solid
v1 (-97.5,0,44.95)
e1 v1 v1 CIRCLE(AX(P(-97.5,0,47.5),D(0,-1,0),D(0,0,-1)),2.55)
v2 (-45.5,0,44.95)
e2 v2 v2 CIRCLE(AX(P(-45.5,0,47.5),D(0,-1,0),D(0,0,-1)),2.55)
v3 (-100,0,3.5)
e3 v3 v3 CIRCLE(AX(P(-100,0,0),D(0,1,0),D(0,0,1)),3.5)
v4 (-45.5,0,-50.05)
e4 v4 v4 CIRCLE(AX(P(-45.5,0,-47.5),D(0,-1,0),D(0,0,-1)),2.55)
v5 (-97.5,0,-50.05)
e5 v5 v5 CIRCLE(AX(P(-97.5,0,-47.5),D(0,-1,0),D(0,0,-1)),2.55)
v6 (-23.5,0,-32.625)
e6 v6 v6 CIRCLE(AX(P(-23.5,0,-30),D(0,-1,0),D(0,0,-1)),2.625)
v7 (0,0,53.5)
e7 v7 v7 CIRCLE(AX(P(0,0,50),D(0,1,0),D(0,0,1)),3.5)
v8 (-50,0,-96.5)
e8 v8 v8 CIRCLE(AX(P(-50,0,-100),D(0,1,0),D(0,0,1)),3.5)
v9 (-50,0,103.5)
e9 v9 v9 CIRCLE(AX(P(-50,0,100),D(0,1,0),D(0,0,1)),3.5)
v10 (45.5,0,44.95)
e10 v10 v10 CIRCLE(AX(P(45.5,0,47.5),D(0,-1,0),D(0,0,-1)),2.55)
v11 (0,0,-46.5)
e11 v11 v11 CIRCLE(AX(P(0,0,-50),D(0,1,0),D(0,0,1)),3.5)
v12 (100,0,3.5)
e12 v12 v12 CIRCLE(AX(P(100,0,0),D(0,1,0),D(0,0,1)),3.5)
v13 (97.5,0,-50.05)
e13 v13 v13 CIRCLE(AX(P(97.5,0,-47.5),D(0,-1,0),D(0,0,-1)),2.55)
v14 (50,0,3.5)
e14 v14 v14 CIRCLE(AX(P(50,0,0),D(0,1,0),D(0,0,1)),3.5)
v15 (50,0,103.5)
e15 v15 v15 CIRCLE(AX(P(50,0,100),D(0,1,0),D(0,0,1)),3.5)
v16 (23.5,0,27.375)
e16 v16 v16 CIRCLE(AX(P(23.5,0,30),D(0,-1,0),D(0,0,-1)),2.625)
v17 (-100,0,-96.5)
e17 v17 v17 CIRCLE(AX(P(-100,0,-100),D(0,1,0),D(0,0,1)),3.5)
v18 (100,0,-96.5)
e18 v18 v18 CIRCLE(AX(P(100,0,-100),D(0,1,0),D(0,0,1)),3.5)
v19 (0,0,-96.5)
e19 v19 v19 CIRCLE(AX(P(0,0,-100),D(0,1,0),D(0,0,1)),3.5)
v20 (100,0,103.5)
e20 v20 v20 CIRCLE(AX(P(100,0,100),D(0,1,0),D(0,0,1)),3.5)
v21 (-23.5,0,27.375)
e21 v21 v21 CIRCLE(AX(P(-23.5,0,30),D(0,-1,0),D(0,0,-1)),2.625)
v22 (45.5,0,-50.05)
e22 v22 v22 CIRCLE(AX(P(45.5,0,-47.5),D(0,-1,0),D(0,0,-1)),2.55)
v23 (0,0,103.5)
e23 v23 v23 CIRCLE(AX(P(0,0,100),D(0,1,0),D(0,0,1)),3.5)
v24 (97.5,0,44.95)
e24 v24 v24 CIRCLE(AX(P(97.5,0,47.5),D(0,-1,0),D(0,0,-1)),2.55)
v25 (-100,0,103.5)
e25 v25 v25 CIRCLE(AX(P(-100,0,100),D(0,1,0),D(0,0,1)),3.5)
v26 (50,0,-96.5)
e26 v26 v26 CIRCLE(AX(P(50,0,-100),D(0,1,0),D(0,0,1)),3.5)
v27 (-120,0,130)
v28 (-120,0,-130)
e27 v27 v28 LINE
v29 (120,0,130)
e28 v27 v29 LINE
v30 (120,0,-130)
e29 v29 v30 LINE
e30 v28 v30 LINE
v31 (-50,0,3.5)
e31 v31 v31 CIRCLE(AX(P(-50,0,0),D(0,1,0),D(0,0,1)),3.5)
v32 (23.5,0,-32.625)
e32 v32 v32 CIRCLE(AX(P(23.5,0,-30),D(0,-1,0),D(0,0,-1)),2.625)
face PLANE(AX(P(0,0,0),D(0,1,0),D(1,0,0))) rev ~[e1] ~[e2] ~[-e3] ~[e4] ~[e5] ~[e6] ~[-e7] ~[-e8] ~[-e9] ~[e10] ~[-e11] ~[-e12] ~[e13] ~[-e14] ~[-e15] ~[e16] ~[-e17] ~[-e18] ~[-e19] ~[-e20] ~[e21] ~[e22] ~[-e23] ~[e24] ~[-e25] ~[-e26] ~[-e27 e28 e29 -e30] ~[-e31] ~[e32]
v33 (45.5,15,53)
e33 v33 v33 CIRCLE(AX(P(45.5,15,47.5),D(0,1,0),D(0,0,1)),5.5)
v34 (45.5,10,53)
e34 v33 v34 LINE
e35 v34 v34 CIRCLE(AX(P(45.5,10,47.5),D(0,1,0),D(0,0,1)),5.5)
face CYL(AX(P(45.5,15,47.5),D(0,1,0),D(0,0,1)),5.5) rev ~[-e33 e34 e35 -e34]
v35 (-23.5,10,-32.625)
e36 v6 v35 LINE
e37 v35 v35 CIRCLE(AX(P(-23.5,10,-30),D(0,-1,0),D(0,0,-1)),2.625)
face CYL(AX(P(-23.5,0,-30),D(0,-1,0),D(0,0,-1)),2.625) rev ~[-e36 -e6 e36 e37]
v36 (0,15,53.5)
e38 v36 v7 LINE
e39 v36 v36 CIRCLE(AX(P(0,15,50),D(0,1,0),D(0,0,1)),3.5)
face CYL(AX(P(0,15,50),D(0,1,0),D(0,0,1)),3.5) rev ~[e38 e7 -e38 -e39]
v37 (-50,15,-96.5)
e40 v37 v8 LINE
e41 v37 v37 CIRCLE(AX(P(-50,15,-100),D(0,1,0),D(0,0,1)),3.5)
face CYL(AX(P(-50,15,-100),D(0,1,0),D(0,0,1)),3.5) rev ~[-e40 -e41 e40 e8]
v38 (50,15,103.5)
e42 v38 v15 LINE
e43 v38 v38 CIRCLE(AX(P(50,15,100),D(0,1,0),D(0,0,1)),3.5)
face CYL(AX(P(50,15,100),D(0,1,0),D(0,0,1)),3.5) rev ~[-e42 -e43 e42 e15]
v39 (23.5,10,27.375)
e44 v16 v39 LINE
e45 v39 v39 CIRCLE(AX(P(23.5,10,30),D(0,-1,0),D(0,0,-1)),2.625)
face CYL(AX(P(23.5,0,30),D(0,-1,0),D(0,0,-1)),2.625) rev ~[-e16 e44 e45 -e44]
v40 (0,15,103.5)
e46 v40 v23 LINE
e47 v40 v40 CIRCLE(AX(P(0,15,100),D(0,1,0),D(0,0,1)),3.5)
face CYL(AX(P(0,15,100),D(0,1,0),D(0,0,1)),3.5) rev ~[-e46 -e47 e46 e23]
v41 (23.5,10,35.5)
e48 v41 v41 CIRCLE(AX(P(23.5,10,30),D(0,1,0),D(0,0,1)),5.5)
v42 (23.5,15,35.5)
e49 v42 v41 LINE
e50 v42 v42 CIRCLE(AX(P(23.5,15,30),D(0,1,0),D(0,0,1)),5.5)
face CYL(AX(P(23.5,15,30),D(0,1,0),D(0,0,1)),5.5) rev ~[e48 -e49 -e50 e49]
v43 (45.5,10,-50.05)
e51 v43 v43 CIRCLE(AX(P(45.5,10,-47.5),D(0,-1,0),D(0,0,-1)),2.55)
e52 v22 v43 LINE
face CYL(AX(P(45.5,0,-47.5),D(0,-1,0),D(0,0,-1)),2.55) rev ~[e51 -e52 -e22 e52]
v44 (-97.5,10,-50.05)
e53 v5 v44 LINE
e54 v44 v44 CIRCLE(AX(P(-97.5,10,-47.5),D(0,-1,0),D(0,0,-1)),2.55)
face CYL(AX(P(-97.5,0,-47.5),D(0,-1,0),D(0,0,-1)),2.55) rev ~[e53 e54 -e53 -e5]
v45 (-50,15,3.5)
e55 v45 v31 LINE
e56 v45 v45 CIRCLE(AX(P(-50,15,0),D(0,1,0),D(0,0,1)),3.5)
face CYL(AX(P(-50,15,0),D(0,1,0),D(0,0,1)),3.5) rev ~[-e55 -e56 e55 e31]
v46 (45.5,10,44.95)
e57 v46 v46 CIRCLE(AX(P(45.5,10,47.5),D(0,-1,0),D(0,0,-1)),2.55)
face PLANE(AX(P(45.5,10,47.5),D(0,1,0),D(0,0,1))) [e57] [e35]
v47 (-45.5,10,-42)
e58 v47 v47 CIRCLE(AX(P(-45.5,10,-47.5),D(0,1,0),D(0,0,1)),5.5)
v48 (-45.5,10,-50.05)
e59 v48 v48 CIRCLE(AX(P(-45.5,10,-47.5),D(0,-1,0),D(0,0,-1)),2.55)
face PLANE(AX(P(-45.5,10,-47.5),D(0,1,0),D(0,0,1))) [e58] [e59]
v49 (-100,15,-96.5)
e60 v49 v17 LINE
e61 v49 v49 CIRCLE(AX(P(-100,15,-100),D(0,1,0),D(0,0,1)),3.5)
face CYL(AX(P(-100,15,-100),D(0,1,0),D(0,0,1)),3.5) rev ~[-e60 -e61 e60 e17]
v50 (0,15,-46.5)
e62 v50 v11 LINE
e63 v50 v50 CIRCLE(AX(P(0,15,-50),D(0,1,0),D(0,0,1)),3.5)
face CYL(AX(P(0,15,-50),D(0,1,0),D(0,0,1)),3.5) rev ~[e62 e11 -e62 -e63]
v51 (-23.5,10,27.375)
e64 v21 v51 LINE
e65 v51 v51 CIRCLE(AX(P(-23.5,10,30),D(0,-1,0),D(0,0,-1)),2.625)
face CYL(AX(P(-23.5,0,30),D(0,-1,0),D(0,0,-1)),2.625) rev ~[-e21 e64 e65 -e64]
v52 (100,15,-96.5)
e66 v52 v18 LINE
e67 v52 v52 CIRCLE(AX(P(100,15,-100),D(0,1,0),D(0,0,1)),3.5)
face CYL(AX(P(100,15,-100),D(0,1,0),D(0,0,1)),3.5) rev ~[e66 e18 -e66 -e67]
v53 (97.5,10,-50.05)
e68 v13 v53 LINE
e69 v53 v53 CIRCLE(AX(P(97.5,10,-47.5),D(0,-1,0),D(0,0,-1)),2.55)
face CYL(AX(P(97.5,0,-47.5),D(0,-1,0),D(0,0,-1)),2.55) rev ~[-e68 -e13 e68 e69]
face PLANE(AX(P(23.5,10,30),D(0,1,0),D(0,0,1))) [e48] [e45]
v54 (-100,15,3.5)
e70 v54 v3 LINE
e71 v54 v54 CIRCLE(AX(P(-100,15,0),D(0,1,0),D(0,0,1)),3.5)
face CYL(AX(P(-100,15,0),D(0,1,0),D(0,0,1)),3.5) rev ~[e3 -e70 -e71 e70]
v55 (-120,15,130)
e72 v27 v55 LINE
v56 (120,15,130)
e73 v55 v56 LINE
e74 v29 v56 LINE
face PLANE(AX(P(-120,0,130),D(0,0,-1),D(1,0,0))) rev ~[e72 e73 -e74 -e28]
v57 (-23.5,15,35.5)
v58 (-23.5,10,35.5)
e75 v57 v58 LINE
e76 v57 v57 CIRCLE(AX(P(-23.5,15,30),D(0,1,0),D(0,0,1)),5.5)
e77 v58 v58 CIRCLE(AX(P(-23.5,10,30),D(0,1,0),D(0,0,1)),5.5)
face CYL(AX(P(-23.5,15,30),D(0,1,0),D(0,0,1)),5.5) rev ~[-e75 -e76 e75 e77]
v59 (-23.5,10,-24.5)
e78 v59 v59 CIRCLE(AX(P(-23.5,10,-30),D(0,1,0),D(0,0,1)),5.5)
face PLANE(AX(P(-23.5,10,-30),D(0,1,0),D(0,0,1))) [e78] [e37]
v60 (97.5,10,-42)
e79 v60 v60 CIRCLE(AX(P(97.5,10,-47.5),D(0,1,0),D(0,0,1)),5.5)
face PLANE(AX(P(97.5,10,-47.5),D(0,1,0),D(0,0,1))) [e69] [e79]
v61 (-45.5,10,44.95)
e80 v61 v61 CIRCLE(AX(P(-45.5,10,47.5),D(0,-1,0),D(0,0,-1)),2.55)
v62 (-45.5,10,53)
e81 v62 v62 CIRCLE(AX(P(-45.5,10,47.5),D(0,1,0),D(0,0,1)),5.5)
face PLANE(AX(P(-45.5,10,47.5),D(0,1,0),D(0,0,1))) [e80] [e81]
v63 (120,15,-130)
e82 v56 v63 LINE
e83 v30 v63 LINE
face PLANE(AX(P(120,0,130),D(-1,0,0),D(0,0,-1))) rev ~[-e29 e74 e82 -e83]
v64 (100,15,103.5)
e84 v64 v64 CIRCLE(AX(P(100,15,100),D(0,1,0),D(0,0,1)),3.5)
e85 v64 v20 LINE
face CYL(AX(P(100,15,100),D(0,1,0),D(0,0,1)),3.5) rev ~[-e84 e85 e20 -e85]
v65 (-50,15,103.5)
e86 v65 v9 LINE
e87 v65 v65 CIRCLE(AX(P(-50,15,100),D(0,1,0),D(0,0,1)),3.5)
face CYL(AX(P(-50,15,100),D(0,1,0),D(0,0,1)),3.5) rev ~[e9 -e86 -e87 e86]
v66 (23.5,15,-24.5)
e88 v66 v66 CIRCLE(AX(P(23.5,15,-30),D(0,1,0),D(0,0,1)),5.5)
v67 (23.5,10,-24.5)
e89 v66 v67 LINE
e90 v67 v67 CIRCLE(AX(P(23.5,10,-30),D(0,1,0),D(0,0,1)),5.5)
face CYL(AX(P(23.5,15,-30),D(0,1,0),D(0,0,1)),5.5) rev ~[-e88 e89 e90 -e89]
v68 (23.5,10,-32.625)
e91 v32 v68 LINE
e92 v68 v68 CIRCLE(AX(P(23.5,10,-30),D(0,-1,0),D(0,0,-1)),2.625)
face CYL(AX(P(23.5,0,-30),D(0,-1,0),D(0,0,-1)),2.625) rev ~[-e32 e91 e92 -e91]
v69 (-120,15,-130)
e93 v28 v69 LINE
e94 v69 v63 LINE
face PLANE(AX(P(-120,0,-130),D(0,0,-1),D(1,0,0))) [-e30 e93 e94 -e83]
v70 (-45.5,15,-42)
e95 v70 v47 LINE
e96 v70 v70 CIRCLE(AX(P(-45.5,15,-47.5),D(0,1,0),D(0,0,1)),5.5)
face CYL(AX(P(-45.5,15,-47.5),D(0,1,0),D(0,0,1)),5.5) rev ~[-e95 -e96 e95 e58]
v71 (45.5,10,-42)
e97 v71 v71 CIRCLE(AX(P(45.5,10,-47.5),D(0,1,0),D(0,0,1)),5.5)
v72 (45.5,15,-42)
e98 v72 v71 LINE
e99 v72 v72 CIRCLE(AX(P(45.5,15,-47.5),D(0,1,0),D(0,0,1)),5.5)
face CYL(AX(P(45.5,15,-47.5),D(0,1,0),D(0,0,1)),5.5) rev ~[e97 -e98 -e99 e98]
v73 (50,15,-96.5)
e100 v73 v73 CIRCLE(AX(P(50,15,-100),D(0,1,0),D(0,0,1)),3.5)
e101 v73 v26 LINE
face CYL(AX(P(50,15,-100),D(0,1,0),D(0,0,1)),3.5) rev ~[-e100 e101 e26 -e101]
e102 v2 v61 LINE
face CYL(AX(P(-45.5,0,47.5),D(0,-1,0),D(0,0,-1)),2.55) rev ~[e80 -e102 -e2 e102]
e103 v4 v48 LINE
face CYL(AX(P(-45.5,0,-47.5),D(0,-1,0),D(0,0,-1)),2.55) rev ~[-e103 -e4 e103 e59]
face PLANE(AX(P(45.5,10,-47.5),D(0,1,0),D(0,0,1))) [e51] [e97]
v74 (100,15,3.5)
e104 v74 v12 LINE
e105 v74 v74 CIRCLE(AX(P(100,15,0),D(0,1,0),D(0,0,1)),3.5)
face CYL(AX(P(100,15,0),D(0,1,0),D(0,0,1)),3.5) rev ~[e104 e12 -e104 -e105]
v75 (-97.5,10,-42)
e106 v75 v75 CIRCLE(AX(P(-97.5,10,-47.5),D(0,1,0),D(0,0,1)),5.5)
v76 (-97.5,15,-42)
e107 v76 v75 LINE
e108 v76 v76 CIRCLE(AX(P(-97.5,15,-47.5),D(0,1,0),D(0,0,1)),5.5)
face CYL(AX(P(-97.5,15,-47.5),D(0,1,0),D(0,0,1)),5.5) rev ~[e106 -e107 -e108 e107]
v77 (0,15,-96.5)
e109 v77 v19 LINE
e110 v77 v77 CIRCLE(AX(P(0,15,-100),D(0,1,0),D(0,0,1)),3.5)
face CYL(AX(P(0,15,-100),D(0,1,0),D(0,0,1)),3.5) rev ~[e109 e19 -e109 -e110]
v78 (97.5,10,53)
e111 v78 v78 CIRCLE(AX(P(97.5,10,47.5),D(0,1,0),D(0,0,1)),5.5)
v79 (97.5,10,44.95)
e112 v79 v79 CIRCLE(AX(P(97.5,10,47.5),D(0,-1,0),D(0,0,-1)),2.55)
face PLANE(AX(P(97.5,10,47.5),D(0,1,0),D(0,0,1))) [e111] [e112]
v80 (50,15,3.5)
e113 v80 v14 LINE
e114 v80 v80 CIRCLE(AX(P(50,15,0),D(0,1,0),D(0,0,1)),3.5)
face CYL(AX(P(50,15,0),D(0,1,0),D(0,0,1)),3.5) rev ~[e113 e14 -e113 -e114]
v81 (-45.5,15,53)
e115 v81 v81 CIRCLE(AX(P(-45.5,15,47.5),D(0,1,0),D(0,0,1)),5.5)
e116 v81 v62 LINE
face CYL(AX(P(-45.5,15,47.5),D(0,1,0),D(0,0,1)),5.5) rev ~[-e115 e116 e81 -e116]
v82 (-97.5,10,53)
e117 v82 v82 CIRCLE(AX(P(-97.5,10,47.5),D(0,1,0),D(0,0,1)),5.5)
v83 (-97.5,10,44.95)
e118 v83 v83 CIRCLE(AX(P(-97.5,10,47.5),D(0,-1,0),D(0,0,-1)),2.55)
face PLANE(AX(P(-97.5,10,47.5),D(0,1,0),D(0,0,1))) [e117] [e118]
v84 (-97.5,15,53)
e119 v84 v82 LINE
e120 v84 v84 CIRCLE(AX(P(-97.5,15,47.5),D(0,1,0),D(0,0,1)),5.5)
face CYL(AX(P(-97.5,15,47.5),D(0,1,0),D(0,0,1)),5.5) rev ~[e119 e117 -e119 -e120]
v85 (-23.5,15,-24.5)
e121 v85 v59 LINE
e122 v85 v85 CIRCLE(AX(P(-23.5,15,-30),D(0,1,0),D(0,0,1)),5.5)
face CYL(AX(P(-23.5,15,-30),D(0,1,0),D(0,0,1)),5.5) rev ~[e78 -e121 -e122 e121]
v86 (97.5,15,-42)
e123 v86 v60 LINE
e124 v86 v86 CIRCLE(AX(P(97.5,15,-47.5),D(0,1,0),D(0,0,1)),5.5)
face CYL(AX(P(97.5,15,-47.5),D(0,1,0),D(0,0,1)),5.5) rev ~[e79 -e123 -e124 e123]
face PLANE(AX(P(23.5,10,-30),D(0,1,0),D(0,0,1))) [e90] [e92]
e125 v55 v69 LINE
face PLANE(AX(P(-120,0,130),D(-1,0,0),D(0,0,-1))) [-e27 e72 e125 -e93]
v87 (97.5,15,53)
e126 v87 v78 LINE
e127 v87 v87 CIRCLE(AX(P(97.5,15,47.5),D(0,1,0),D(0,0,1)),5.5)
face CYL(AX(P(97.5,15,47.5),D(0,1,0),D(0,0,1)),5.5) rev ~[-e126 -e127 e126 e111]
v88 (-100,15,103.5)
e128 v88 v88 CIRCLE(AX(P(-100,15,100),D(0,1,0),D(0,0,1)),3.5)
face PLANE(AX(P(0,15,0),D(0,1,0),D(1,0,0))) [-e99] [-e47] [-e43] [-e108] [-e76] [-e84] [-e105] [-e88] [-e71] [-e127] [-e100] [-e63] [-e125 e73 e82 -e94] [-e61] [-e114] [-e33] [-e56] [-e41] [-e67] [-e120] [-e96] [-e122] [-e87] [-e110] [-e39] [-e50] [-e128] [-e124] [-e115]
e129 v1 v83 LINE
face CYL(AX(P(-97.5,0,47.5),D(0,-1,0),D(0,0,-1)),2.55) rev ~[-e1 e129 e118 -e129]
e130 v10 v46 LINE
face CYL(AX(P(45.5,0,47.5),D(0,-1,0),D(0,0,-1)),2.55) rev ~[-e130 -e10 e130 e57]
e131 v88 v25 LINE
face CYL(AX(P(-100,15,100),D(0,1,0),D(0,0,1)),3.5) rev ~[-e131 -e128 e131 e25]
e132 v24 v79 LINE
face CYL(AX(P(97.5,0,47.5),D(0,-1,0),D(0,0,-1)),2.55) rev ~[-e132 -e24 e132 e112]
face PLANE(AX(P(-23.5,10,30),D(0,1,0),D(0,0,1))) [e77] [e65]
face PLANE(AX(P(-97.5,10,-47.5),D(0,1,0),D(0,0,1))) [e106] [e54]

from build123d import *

# Parameters (mm, degrees)
CROQUIS1_W              = 240
CROQUIS1_H              = 260
SALIENTE_EXTRUIR1_DEPTH = 15
CROQUIS6_R              = 2.55
CORTAR_EXTRUIR3_DEPTH   = 178.552809046
CROQUIS7_R              = 5.5
CORTAR_EXTRUIR4_DEPTH   = 5
CROQUIS8_R              = 3.5
CORTAR_EXTRUIR5_DEPTH   = 178.552809046
CORTAR_EXTRUIR6_REACH   = 179.553
CROQUIS9_R              = 2.625
CROQUIS10_R             = 5.5
CORTAR_EXTRUIR7_DEPTH   = 5


with BuildPart() as part:
    # Croquis1 → Saliente-Extruir1 (new body)
    with BuildSketch(Plane(origin=(0, 0, 0), x_dir=(1, 0, 0), z_dir=(0, 1, 0))):
        Rectangle(CROQUIS1_W, CROQUIS1_H)
    extrude(amount=SALIENTE_EXTRUIR1_DEPTH)

    # Croquis6 → Cortar-Extruir3 (cut, through all)
    with BuildSketch(Plane.XZ):
        with Locations(Location((-45.5, -47.5, 0), (0, 0, 270))):
            Circle(CROQUIS6_R)
        with Locations(Location((-97.5, -47.5, 0), (0, 0, 270))):
            Circle(CROQUIS6_R)
        with Locations(Location((-97.5, 47.5, 0), (0, 0, 270))):
            Circle(CROQUIS6_R)
        with Locations(Location((-45.5, 47.5, 0), (0, 0, 270))):
            Circle(CROQUIS6_R)
        with Locations(Location((45.5, 47.5, 0), (0, 0, 270))):
            Circle(CROQUIS6_R)
        with Locations(Location((97.5, 47.5, 0), (0, 0, 270))):
            Circle(CROQUIS6_R)
        with Locations(Location((45.5, -47.5, 0), (0, 0, 270))):
            Circle(CROQUIS6_R)
        with Locations(Location((97.5, -47.5, 0), (0, 0, 270))):
            Circle(CROQUIS6_R)
    extrude(amount=-CORTAR_EXTRUIR3_DEPTH, mode=Mode.SUBTRACT)

    # Croquis7 → Cortar-Extruir4 (cut)
    with BuildSketch(Plane(origin=(0, 15, 0), x_dir=(1, 0, 0), z_dir=(0, 1, 0))):
        with Locations(Location((-97.5, 47.5, 0), (0, 0, 270))):
            Circle(CROQUIS7_R)
        with Locations(Location((-45.5, 47.5, 0), (0, 0, 270))):
            Circle(CROQUIS7_R)
        with Locations(Location((-97.5, -47.5, 0), (0, 0, 270))):
            Circle(CROQUIS7_R)
        with Locations(Location((-45.5, -47.5, 0), (0, 0, 270))):
            Circle(CROQUIS7_R)
        with Locations(Location((45.5, -47.5, 0), (0, 0, 270))):
            Circle(CROQUIS7_R)
        with Locations(Location((97.5, -47.5, 0), (0, 0, 270))):
            Circle(CROQUIS7_R)
        with Locations(Location((97.5, 47.5, 0), (0, 0, 270))):
            Circle(CROQUIS7_R)
        with Locations(Location((45.5, 47.5, 0), (0, 0, 270))):
            Circle(CROQUIS7_R)
    extrude(amount=-CORTAR_EXTRUIR4_DEPTH, mode=Mode.SUBTRACT)

    # Croquis8 → Cortar-Extruir5 (cut, through all)
    with BuildSketch(Plane(origin=(0, 15, 0), x_dir=(1, 0, 0), z_dir=(0, 1, 0))):
        with Locations(Location((-100, 100, 0), (0, 0, 270))):
            Circle(CROQUIS8_R)
        with Locations(Location((-50, 100, 0), (0, 0, 270))):
            Circle(CROQUIS8_R)
        with Locations(Location((0, 100, 0), (0, 0, 270))):
            Circle(CROQUIS8_R)
        with Locations(Location((50, 100, 0), (0, 0, 270))):
            Circle(CROQUIS8_R)
        with Locations(Location((100, 100, 0), (0, 0, 270))):
            Circle(CROQUIS8_R)
        with Locations(Location((0, 50, 0), (0, 0, 270))):
            Circle(CROQUIS8_R)
        with Locations(Location((-50, 0, 0), (0, 0, 270))):
            Circle(CROQUIS8_R)
        with Locations(Location((50, 0, 0), (0, 0, 270))):
            Circle(CROQUIS8_R)
        with Locations(Location((100, 0, 0), (0, 0, 270))):
            Circle(CROQUIS8_R)
        with Locations(Location((0, -50, 0), (0, 0, 270))):
            Circle(CROQUIS8_R)
        with Locations(Location((-50, -100, 0), (0, 0, 270))):
            Circle(CROQUIS8_R)
        with Locations(Location((0, -100, 0), (0, 0, 270))):
            Circle(CROQUIS8_R)
        with Locations(Location((50, -100, 0), (0, 0, 270))):
            Circle(CROQUIS8_R)
        with Locations(Location((100, -100, 0), (0, 0, 270))):
            Circle(CROQUIS8_R)
        with Locations(Location((-100, 0, 0), (0, 0, 270))):
            Circle(CROQUIS8_R)
        with Locations(Location((-100, -100, 0), (0, 0, 270))):
            Circle(CROQUIS8_R)
    extrude(amount=-CORTAR_EXTRUIR5_DEPTH, mode=Mode.SUBTRACT)

    # Croquis9 → Cortar-Extruir6 (cut, up to next)
    with BuildSketch(Plane.XZ, mode=Mode.PRIVATE) as cortar_extruir6_sk1:
        with Locations(Location((23.5, 30, 0), (0, 0, 270))):
            Circle(CROQUIS9_R)
    cortar_extruir6_tool1 = extrude(cortar_extruir6_sk1.sketch, amount=-CORTAR_EXTRUIR6_REACH, mode=Mode.PRIVATE) & part.part
    # Croquis9 → Cortar-Extruir6 (cut, up to next)
    with BuildSketch(Plane.XZ, mode=Mode.PRIVATE) as cortar_extruir6_sk2:
        with Locations(Location((-23.5, 30, 0), (0, 0, 270))):
            Circle(CROQUIS9_R)
    cortar_extruir6_tool2 = extrude(cortar_extruir6_sk2.sketch, amount=-CORTAR_EXTRUIR6_REACH, mode=Mode.PRIVATE) & part.part
    # Croquis9 → Cortar-Extruir6 (cut, up to next)
    with BuildSketch(Plane.XZ, mode=Mode.PRIVATE) as cortar_extruir6_sk3:
        with Locations(Location((-23.5, -30, 0), (0, 0, 270))):
            Circle(CROQUIS9_R)
    cortar_extruir6_tool3 = extrude(cortar_extruir6_sk3.sketch, amount=-CORTAR_EXTRUIR6_REACH, mode=Mode.PRIVATE) & part.part
    # Croquis9 → Cortar-Extruir6 (cut, up to next)
    with BuildSketch(Plane.XZ, mode=Mode.PRIVATE) as cortar_extruir6_sk4:
        with Locations(Location((23.5, -30, 0), (0, 0, 270))):
            Circle(CROQUIS9_R)
    cortar_extruir6_tool4 = extrude(cortar_extruir6_sk4.sketch, amount=-CORTAR_EXTRUIR6_REACH, mode=Mode.PRIVATE) & part.part
    add(cortar_extruir6_tool1.solids().sort_by_distance((23.5, 0, 30))[0], mode=Mode.SUBTRACT)
    add(cortar_extruir6_tool2.solids().sort_by_distance((-23.5, 0, 30))[0], mode=Mode.SUBTRACT)
    add(cortar_extruir6_tool3.solids().sort_by_distance((-23.5, 0, -30))[0], mode=Mode.SUBTRACT)
    add(cortar_extruir6_tool4.solids().sort_by_distance((23.5, 0, -30))[0], mode=Mode.SUBTRACT)

    # Croquis10 → Cortar-Extruir7 (cut)
    with BuildSketch(Plane(origin=(0, 15, 0), x_dir=(1, 0, 0), z_dir=(0, 1, 0))):
        with Locations(Location((-23.5, -30, 0), (0, 0, 270))):
            Circle(CROQUIS10_R)
        with Locations(Location((23.5, -30, 0), (0, 0, 270))):
            Circle(CROQUIS10_R)
        with Locations(Location((23.5, 30, 0), (0, 0, 270))):
            Circle(CROQUIS10_R)
        with Locations(Location((-23.5, 30, 0), (0, 0, 270))):
            Circle(CROQUIS10_R)
    extrude(amount=-CORTAR_EXTRUIR7_DEPTH, mode=Mode.SUBTRACT)


solid = part.part
